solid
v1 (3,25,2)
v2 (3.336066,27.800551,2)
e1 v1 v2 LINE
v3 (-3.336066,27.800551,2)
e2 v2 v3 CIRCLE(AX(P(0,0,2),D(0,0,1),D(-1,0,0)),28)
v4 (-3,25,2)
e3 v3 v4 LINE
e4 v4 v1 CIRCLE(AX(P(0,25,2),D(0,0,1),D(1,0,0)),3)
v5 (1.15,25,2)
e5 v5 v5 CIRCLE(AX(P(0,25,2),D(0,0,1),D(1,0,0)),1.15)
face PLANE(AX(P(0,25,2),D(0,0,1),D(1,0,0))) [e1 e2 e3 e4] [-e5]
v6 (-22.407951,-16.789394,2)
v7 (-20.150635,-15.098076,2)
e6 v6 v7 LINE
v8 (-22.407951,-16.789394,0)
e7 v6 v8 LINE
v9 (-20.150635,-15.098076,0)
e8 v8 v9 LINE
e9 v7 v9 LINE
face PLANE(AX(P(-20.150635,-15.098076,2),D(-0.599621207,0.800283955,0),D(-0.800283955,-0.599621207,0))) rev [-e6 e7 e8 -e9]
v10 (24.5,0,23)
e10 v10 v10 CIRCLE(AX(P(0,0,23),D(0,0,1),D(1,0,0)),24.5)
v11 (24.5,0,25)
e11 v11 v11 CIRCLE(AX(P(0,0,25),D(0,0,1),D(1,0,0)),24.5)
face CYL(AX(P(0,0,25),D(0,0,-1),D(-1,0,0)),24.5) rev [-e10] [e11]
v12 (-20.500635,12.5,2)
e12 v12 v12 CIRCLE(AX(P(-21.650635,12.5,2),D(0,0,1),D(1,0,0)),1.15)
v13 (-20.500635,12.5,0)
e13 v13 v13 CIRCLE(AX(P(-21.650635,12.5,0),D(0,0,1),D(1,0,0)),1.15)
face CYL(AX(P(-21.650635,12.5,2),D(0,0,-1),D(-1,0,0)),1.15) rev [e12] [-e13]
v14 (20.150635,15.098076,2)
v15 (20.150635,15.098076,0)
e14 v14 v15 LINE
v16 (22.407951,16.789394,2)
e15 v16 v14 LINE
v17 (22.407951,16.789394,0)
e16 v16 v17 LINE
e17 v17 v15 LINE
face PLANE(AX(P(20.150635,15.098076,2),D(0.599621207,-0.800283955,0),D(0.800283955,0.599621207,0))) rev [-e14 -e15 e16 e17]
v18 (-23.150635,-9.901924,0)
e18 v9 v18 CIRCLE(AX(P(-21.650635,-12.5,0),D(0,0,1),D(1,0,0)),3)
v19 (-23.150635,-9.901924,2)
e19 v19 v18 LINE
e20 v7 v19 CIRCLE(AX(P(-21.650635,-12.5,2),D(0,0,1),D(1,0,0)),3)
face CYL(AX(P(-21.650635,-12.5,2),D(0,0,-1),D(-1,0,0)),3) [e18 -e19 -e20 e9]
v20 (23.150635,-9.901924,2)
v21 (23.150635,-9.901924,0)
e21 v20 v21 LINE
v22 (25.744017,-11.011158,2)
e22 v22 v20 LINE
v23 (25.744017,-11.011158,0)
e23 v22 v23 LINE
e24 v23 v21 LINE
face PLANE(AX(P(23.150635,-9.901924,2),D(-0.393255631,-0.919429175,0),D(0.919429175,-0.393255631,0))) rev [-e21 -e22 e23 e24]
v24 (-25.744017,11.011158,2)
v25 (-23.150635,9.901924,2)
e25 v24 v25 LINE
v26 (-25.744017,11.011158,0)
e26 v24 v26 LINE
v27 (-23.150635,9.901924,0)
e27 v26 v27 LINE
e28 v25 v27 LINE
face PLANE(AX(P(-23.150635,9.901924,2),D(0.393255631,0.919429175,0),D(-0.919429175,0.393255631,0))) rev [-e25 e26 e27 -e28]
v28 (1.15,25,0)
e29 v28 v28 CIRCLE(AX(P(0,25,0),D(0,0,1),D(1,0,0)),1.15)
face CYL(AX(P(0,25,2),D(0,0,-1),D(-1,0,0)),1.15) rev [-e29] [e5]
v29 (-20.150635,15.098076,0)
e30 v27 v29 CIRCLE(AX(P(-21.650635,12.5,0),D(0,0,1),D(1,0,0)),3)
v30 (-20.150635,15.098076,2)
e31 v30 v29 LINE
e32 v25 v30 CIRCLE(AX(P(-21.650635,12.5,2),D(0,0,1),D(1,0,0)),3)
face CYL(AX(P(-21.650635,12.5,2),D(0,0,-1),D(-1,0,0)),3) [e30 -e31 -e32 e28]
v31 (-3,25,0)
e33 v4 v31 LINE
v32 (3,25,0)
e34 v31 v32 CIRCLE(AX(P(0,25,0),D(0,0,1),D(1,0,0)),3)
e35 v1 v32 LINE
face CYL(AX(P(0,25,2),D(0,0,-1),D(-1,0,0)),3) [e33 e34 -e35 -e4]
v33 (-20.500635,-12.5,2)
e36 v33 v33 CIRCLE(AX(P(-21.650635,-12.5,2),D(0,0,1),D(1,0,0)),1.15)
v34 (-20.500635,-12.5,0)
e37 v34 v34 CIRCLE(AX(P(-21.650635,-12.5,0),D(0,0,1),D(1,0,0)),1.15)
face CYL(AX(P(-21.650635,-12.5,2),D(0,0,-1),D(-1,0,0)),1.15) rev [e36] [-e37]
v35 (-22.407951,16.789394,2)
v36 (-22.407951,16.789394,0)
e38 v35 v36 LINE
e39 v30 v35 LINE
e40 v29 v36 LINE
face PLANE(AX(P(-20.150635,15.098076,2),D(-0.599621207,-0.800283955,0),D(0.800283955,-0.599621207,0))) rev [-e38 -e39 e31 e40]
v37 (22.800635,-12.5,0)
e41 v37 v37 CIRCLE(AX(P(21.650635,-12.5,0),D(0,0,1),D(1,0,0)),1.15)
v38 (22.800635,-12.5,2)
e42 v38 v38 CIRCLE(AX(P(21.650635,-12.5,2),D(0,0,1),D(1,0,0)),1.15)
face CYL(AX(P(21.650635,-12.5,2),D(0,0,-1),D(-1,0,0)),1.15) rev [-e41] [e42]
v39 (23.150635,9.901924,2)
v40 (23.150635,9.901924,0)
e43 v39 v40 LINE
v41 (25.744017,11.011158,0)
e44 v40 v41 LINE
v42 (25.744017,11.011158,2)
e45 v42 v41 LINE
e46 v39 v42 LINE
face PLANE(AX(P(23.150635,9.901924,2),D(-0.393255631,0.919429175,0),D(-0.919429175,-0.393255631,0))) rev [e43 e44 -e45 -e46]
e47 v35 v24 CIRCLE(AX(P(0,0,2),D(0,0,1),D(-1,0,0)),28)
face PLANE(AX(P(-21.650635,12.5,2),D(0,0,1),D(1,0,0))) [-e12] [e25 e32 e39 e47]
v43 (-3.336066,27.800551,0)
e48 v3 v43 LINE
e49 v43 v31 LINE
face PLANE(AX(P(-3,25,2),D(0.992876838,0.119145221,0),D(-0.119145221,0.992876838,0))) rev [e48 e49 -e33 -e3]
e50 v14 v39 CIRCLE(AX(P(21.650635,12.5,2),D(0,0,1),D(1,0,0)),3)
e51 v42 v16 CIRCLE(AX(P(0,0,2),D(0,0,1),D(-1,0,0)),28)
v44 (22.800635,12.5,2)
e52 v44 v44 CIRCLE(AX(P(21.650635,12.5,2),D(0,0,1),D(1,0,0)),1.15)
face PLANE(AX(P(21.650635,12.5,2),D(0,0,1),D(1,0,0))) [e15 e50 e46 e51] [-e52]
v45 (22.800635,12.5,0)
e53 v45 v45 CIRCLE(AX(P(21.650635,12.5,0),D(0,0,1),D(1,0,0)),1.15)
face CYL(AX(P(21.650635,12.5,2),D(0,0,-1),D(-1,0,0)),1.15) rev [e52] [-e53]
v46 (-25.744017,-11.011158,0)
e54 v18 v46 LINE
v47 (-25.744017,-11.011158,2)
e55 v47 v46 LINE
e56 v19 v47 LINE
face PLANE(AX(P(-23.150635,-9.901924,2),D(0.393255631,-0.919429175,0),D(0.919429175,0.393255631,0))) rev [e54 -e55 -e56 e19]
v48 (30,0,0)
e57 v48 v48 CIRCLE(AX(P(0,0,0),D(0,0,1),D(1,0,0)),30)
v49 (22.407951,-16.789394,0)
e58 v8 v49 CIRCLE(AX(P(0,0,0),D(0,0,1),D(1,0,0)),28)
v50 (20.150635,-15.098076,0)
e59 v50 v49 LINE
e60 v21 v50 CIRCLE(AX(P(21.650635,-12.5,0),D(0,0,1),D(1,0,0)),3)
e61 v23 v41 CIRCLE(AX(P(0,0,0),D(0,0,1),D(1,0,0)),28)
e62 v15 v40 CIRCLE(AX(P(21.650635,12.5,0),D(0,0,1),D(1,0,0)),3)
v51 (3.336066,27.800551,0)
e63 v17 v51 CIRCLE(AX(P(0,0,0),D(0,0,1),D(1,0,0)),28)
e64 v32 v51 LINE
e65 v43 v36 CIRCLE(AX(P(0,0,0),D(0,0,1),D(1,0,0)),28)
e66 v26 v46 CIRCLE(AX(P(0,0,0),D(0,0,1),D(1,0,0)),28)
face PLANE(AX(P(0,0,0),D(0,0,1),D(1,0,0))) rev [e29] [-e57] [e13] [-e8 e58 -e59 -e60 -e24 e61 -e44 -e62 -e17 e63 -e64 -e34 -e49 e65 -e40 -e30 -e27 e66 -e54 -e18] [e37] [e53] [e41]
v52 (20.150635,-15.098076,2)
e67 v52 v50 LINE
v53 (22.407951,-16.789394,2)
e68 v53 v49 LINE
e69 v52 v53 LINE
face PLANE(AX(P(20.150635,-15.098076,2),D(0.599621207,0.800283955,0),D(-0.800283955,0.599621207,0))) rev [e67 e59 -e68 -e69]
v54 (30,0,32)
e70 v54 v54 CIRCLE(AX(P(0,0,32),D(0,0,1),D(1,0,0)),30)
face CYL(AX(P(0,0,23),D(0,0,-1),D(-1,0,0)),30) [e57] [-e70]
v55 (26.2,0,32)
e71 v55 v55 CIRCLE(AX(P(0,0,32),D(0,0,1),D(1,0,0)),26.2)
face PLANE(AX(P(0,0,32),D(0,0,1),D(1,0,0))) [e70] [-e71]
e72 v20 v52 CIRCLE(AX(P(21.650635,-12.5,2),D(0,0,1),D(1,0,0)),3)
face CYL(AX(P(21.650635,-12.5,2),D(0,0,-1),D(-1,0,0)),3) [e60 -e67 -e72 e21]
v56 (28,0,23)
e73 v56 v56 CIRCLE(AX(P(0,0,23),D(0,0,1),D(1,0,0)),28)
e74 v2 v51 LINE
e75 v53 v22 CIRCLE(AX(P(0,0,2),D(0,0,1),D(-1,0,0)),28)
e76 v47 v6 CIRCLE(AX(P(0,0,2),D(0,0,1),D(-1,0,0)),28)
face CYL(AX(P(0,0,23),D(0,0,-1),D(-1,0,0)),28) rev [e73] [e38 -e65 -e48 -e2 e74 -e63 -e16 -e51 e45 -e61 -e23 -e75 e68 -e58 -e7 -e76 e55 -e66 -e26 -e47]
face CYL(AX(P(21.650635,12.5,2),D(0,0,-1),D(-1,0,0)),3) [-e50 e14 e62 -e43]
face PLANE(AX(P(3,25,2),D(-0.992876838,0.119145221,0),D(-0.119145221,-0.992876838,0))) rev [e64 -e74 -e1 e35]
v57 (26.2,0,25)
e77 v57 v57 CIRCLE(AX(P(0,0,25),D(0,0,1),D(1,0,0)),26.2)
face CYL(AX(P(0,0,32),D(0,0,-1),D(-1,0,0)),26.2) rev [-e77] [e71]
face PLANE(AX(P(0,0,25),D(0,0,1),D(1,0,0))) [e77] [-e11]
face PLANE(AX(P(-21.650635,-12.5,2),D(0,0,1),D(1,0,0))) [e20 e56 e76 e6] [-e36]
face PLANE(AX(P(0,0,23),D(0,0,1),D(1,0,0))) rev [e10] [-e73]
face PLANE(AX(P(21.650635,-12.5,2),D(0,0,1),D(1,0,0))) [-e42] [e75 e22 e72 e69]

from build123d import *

# Parameters (mm, degrees)
CROQUIS1_R              = 30
CROQUIS1_R_2            = 28
SALIENTE_EXTRUIR1_DEPTH = 23
CROQUIS2_R              = 1.15
SALIENTE_EXTRUIR2_DEPTH = 2
CROQUIS4_R              = 30
CROQUIS4_R_2            = 24.5
SALIENTE_EXTRUIR3_DEPTH = 2
CROQUIS5_R              = 30
CROQUIS5_R_2            = 26.2
SALIENTE_EXTRUIR4_DEPTH = 7


with BuildPart() as part:
    # Croquis1 → Saliente-Extruir1 (new body)
    with BuildSketch(Plane.XY):
        Circle(CROQUIS1_R)
        Circle(CROQUIS1_R_2, mode=Mode.SUBTRACT)
    extrude(amount=SALIENTE_EXTRUIR1_DEPTH)

    # Croquis2 → Saliente-Extruir2 (add)
    # profile 1 of 5: a face of its own
    with BuildSketch(Plane.XY):
        with BuildLine():
            Line((-3, 25), (-3.336066177, 27.800551478))
            ThreePointArc((-3.336066177, 27.800551478), (0, 28), (3.336066177, 27.800551478))
            Line((3.336066177, 27.800551478), (3, 25))
            ThreePointArc((3, 25), (0, 22), (-3, 25))
        make_face()
        with Locations((0, 25)):
            Circle(CROQUIS2_R, mode=Mode.SUBTRACT)
    # profile 2 of 5: a face of its own
    with BuildSketch(Plane.XY):
        with BuildLine():
            Line((20.150635095, 15.098076211), (22.40795073, 16.789393797))
            ThreePointArc((22.40795073, 16.789393797), (24.248711306, 14), (25.744016908, 11.011157681))
            Line((25.744016908, 11.011157681), (23.150635095, 9.901923789))
            ThreePointArc((23.150635095, 9.901923789), (19.052558883, 11), (20.150635095, 15.098076211))
        make_face()
        with Locations((21.650635095, 12.5)):
            Circle(CROQUIS2_R, mode=Mode.SUBTRACT)
    # profile 3 of 5: a face of its own
    with BuildSketch(Plane.XY):
        with BuildLine():
            Line((23.150635095, -9.901923789), (25.744016908, -11.011157681))
            ThreePointArc((25.744016908, -11.011157681), (24.248711306, -14), (22.40795073, -16.789393797))
            Line((22.40795073, -16.789393797), (20.150635095, -15.098076211))
            ThreePointArc((20.150635095, -15.098076211), (19.052558883, -11), (23.150635095, -9.901923789))
        make_face()
        with Locations((21.650635095, -12.5)):
            Circle(CROQUIS2_R, mode=Mode.SUBTRACT)
    # profile 4 of 5: a face of its own
    with BuildSketch(Plane.XY):
        with BuildLine():
            Line((-20.150635095, -15.098076211), (-22.40795073, -16.789393797))
            ThreePointArc((-22.40795073, -16.789393797), (-24.248711306, -14), (-25.744016908, -11.011157681))
            Line((-25.744016908, -11.011157681), (-23.150635095, -9.901923789))
            ThreePointArc((-23.150635095, -9.901923789), (-19.052558883, -11), (-20.150635095, -15.098076211))
        make_face()
        with Locations((-21.650635095, -12.5)):
            Circle(CROQUIS2_R, mode=Mode.SUBTRACT)
    # profile 5 of 5: a face of its own
    with BuildSketch(Plane.XY):
        with BuildLine():
            Line((-23.150635095, 9.901923789), (-25.744016908, 11.011157681))
            ThreePointArc((-25.744016908, 11.011157681), (-24.248711306, 14), (-22.40795073, 16.789393797))
            Line((-22.40795073, 16.789393797), (-20.150635095, 15.098076211))
            ThreePointArc((-20.150635095, 15.098076211), (-19.052558883, 11), (-23.150635095, 9.901923789))
        make_face()
        with Locations((-21.650635095, 12.5)):
            Circle(CROQUIS2_R, mode=Mode.SUBTRACT)
    extrude(amount=SALIENTE_EXTRUIR2_DEPTH)

    # Croquis4 → Saliente-Extruir3 (add)
    with BuildSketch(Plane.XY.offset(23)):
        Circle(CROQUIS4_R)
        Circle(CROQUIS4_R_2, mode=Mode.SUBTRACT)
    extrude(amount=SALIENTE_EXTRUIR3_DEPTH)

    # Croquis5 → Saliente-Extruir4 (add)
    with BuildSketch(Plane.XY.offset(25)):
        Circle(CROQUIS5_R)
        Circle(CROQUIS5_R_2, mode=Mode.SUBTRACT)
    extrude(amount=SALIENTE_EXTRUIR4_DEPTH)


solid = part.part
